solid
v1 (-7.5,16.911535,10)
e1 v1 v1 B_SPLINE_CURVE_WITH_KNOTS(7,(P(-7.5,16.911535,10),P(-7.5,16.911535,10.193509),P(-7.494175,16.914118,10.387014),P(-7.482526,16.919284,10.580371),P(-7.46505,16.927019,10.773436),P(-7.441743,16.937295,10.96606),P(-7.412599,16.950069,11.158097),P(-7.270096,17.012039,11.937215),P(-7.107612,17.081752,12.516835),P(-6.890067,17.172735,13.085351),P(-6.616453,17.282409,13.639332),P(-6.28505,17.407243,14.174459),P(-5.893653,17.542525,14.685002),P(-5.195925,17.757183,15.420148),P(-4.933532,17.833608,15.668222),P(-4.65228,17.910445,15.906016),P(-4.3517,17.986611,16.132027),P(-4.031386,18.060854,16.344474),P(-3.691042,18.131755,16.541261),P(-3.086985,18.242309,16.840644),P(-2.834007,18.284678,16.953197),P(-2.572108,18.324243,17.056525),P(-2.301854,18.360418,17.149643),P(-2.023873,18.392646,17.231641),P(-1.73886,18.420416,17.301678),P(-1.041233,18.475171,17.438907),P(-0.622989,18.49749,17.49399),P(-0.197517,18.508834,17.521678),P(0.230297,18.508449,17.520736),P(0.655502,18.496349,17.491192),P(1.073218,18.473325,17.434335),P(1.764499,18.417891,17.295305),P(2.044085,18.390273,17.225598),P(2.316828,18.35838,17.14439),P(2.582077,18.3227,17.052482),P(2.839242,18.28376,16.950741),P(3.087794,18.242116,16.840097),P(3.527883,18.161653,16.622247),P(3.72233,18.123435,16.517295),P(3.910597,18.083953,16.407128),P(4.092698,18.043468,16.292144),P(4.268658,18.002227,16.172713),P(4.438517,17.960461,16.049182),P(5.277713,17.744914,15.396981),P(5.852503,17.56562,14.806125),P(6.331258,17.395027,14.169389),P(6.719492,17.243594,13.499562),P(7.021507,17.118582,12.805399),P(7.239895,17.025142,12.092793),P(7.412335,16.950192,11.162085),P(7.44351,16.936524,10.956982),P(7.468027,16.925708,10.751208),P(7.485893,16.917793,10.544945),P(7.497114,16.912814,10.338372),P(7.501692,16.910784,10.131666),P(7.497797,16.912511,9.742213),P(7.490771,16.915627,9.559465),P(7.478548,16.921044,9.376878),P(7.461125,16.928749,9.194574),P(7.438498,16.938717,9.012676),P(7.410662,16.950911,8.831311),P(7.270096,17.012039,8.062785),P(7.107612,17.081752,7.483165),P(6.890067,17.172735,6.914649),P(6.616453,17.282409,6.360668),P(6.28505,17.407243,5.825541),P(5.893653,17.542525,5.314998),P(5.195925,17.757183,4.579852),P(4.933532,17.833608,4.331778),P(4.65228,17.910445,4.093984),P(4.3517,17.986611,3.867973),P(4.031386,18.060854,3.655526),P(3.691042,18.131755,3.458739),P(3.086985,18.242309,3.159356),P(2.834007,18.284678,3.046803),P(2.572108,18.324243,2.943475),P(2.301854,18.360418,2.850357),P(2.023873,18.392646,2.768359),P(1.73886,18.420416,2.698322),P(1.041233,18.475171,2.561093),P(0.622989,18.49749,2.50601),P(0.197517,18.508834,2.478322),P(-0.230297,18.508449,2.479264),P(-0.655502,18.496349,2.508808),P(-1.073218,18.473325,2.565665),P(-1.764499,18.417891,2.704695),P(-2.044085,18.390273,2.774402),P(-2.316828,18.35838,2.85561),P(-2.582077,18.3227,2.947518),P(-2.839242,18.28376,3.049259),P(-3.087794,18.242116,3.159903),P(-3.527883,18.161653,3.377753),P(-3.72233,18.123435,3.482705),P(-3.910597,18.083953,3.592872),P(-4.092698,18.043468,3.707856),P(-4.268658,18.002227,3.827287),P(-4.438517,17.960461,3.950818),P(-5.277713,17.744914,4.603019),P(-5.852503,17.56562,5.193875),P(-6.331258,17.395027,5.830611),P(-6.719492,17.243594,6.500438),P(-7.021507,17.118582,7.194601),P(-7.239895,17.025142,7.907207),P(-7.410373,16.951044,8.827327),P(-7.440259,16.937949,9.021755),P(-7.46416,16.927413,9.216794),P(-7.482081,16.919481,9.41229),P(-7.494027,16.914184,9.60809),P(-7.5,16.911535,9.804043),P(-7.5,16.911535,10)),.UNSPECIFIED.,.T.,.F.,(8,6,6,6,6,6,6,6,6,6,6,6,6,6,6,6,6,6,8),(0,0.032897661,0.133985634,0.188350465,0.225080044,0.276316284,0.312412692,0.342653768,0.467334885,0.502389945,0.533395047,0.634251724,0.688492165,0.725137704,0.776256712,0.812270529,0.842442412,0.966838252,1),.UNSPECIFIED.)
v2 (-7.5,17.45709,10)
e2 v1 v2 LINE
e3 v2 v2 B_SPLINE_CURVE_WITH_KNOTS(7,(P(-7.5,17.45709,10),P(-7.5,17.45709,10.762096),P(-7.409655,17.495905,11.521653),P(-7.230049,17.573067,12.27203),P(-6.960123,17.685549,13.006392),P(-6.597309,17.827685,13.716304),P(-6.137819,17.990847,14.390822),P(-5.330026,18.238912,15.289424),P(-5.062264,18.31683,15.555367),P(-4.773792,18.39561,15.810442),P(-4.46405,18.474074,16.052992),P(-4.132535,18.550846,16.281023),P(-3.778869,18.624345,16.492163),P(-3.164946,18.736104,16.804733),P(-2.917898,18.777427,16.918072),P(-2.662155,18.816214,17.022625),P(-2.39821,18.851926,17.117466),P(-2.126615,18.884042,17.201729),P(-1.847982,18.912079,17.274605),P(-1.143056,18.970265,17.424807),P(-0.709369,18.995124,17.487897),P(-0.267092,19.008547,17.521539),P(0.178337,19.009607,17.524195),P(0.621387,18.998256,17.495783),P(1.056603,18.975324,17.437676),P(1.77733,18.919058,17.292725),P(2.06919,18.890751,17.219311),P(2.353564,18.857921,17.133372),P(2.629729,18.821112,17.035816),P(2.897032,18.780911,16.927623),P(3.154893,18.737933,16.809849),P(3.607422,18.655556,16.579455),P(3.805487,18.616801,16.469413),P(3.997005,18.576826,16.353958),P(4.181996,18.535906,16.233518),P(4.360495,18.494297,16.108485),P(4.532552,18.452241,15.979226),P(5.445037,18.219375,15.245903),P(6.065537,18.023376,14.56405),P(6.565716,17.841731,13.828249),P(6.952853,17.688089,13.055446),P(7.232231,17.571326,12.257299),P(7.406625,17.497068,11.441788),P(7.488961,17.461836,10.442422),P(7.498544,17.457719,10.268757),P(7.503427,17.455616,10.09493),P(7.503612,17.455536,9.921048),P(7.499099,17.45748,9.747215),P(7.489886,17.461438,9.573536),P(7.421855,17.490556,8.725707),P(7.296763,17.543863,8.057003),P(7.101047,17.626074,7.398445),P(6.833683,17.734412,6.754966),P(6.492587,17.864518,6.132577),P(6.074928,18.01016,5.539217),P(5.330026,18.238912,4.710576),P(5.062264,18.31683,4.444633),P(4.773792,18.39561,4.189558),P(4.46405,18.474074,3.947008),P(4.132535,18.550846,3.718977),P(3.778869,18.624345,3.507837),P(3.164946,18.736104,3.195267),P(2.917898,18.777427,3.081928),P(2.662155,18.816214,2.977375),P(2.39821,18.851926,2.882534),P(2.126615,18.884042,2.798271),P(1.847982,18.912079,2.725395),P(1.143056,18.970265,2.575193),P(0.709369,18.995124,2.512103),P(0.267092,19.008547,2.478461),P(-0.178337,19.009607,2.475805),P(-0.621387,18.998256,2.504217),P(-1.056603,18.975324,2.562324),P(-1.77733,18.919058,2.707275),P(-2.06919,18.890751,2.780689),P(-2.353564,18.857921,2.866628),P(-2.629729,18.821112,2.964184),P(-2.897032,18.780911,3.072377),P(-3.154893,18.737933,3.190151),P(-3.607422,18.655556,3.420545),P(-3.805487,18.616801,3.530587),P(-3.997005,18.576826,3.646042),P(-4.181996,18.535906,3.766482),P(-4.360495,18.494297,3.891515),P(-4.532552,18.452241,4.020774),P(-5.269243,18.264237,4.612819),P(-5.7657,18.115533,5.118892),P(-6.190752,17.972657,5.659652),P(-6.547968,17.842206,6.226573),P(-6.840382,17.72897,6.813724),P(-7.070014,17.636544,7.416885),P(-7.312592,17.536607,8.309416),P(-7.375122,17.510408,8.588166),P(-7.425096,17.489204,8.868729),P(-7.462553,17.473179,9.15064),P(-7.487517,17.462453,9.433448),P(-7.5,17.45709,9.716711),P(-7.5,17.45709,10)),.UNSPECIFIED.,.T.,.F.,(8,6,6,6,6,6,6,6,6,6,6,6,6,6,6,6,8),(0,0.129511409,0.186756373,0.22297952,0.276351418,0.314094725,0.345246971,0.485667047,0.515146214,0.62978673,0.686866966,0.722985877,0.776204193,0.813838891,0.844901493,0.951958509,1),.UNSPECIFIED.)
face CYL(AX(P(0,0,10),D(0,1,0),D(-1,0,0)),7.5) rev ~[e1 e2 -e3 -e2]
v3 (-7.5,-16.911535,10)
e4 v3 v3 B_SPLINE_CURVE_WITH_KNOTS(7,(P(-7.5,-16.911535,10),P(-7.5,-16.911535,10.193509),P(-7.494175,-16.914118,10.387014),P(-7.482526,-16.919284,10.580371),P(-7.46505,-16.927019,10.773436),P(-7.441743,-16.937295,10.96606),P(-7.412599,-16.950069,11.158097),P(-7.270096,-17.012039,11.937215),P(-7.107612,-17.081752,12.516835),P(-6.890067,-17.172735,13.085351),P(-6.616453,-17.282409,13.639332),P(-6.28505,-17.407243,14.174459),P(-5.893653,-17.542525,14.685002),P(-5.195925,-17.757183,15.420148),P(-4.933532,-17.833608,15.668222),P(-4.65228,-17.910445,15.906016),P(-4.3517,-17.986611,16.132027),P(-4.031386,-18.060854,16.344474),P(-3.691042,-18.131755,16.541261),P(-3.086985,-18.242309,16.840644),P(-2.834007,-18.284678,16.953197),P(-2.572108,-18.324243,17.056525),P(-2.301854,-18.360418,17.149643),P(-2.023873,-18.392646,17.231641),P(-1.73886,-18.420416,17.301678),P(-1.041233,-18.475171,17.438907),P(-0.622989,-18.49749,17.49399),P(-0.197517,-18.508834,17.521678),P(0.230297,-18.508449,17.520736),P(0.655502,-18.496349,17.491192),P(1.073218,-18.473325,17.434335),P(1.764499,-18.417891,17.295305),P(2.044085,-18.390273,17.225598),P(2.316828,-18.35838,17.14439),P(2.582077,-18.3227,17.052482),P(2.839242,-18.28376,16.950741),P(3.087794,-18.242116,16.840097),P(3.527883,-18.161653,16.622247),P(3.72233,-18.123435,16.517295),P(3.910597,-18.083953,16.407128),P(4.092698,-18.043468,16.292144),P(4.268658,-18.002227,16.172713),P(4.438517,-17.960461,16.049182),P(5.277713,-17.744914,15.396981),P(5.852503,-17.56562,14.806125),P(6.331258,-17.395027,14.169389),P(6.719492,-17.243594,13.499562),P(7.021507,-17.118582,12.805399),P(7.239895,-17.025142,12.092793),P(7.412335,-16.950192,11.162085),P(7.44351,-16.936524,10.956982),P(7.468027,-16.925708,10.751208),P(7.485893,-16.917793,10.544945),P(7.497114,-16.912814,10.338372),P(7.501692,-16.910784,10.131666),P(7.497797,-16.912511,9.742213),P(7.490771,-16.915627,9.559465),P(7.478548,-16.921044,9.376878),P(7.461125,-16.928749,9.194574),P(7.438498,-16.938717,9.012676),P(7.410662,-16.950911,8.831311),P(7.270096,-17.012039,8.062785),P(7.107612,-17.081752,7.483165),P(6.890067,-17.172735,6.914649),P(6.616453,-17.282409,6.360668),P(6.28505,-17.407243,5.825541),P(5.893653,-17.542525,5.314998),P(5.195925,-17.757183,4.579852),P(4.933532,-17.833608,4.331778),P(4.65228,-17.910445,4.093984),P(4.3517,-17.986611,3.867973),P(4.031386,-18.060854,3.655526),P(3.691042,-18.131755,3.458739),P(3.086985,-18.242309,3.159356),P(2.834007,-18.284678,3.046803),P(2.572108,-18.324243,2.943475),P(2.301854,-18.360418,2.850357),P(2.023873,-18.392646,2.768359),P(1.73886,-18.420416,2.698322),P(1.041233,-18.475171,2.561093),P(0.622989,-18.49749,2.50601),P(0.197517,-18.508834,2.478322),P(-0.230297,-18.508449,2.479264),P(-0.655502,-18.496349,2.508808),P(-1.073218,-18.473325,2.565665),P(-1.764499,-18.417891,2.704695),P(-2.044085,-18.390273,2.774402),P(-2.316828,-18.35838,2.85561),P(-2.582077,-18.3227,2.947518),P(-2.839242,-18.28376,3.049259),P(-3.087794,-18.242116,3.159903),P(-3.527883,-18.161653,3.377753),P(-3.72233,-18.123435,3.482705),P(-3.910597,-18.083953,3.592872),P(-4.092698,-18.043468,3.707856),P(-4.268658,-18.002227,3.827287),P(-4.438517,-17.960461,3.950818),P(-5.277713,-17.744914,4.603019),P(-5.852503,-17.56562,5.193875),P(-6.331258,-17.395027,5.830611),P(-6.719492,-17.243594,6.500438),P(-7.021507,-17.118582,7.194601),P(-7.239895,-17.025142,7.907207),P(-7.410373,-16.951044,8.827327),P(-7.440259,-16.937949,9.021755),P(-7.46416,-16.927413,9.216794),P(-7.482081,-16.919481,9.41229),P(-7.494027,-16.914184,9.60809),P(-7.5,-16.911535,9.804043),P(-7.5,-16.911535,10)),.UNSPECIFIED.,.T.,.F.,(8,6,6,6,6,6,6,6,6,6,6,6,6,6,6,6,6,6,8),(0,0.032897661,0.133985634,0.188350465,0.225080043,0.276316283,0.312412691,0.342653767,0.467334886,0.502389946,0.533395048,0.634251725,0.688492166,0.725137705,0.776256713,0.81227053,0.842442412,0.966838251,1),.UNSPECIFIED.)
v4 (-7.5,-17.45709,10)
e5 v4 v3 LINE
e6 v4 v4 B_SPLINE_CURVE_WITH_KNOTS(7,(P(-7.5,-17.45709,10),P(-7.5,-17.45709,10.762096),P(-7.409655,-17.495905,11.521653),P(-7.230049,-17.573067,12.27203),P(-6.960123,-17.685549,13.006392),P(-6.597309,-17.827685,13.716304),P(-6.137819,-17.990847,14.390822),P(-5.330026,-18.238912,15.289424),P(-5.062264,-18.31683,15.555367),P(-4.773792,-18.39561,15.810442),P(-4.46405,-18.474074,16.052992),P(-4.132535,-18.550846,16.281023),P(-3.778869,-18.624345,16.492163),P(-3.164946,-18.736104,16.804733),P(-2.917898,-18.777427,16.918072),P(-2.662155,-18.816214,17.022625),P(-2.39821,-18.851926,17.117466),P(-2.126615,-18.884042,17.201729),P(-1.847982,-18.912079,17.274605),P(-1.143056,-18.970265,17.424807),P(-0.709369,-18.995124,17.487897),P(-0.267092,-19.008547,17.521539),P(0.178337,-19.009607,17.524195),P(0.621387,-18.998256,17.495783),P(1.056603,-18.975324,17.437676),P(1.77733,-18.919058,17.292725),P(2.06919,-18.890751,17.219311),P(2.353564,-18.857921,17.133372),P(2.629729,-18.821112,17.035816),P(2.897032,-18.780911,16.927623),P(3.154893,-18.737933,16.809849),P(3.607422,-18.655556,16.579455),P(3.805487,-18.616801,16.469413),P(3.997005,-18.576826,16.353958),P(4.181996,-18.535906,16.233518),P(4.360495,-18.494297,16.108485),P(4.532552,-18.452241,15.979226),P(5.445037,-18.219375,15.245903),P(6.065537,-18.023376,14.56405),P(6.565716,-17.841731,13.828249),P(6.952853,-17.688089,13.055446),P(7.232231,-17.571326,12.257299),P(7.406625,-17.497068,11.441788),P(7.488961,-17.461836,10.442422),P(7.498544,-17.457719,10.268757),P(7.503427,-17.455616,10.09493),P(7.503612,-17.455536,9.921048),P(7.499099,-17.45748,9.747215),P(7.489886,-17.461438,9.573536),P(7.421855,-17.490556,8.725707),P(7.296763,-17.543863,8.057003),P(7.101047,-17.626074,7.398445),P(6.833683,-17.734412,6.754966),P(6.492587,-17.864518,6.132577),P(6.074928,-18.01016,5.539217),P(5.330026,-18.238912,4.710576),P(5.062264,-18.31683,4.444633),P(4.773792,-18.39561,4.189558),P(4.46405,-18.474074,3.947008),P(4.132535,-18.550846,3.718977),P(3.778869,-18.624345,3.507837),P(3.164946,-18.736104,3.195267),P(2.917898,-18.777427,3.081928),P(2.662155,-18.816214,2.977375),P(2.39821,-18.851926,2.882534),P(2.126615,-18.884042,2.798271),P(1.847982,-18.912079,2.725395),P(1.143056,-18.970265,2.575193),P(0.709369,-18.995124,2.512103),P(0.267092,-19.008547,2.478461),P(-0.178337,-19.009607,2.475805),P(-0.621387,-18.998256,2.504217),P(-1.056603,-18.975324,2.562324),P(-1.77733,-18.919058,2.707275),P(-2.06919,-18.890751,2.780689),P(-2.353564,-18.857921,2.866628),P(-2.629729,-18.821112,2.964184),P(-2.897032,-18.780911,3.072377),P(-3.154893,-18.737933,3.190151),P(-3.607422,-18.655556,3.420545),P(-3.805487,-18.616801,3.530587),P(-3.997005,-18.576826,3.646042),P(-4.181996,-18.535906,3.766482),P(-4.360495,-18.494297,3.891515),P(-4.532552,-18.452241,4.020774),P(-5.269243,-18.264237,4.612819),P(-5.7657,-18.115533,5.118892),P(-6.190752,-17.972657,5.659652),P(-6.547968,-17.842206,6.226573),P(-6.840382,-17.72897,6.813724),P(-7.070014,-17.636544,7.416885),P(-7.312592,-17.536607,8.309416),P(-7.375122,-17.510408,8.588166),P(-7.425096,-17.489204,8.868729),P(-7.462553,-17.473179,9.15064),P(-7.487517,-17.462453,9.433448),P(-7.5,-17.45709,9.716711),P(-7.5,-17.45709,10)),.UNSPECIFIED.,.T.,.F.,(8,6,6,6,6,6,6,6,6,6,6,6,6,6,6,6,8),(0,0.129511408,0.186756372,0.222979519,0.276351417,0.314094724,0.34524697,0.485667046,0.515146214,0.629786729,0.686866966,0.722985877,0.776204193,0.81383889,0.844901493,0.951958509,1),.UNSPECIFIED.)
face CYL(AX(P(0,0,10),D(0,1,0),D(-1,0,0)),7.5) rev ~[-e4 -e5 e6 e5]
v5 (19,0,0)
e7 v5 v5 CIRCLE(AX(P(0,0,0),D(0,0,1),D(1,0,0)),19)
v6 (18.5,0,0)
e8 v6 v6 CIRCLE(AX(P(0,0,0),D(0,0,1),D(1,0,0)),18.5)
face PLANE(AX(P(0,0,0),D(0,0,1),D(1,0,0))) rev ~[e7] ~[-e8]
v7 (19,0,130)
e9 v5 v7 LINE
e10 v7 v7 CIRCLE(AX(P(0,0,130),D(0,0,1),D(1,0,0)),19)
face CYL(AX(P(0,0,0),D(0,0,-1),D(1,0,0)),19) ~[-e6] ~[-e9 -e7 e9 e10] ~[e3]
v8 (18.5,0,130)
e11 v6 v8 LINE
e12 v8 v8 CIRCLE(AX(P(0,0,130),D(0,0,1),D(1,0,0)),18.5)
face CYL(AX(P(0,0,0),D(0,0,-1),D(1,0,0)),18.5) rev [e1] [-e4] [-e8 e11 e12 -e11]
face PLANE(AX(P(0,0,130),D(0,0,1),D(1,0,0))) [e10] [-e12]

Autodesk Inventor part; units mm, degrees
ref_plane "YZ Plane" through (0, 0, 0) normal (1, 0, 0) x (0, 1, 0)
ref_plane "XZ Plane" through (0, 0, 0) normal (0, 1, 0) x (-1, 0, 0)
ref_plane "XY Plane" through (0, 0, 0) normal (0, 0, 1) x (1, 0, 0)
sketch "Sketch1" plane through (0, 0, 0) normal (0, 0, 1) x (1, 0, 0)
  circle A0 centre (0, 0) radius 18.5
  circle A1 centre (0, 0) radius 19
  dimension "d0" = 37
  dimension "d1" = 38
extrude "Extrusion1" add sketch "Sketch1" along normal blind 130
sketch "Sketch2" plane through (0, 0, 0) normal (0, 1, 0) x (-1, 0, 0)
  circle A0 centre (0, 10) radius 7.5
  line L0 (19, 0) -> (-19, 0) projected
  point P0 (0, 0)
  dimension "d4" = 15
  dimension "d5" = 10
extrude "Extrusion2" cut sketch "Sketch2" against normal mid plane 130
properties part number "HOLDERPVC"
